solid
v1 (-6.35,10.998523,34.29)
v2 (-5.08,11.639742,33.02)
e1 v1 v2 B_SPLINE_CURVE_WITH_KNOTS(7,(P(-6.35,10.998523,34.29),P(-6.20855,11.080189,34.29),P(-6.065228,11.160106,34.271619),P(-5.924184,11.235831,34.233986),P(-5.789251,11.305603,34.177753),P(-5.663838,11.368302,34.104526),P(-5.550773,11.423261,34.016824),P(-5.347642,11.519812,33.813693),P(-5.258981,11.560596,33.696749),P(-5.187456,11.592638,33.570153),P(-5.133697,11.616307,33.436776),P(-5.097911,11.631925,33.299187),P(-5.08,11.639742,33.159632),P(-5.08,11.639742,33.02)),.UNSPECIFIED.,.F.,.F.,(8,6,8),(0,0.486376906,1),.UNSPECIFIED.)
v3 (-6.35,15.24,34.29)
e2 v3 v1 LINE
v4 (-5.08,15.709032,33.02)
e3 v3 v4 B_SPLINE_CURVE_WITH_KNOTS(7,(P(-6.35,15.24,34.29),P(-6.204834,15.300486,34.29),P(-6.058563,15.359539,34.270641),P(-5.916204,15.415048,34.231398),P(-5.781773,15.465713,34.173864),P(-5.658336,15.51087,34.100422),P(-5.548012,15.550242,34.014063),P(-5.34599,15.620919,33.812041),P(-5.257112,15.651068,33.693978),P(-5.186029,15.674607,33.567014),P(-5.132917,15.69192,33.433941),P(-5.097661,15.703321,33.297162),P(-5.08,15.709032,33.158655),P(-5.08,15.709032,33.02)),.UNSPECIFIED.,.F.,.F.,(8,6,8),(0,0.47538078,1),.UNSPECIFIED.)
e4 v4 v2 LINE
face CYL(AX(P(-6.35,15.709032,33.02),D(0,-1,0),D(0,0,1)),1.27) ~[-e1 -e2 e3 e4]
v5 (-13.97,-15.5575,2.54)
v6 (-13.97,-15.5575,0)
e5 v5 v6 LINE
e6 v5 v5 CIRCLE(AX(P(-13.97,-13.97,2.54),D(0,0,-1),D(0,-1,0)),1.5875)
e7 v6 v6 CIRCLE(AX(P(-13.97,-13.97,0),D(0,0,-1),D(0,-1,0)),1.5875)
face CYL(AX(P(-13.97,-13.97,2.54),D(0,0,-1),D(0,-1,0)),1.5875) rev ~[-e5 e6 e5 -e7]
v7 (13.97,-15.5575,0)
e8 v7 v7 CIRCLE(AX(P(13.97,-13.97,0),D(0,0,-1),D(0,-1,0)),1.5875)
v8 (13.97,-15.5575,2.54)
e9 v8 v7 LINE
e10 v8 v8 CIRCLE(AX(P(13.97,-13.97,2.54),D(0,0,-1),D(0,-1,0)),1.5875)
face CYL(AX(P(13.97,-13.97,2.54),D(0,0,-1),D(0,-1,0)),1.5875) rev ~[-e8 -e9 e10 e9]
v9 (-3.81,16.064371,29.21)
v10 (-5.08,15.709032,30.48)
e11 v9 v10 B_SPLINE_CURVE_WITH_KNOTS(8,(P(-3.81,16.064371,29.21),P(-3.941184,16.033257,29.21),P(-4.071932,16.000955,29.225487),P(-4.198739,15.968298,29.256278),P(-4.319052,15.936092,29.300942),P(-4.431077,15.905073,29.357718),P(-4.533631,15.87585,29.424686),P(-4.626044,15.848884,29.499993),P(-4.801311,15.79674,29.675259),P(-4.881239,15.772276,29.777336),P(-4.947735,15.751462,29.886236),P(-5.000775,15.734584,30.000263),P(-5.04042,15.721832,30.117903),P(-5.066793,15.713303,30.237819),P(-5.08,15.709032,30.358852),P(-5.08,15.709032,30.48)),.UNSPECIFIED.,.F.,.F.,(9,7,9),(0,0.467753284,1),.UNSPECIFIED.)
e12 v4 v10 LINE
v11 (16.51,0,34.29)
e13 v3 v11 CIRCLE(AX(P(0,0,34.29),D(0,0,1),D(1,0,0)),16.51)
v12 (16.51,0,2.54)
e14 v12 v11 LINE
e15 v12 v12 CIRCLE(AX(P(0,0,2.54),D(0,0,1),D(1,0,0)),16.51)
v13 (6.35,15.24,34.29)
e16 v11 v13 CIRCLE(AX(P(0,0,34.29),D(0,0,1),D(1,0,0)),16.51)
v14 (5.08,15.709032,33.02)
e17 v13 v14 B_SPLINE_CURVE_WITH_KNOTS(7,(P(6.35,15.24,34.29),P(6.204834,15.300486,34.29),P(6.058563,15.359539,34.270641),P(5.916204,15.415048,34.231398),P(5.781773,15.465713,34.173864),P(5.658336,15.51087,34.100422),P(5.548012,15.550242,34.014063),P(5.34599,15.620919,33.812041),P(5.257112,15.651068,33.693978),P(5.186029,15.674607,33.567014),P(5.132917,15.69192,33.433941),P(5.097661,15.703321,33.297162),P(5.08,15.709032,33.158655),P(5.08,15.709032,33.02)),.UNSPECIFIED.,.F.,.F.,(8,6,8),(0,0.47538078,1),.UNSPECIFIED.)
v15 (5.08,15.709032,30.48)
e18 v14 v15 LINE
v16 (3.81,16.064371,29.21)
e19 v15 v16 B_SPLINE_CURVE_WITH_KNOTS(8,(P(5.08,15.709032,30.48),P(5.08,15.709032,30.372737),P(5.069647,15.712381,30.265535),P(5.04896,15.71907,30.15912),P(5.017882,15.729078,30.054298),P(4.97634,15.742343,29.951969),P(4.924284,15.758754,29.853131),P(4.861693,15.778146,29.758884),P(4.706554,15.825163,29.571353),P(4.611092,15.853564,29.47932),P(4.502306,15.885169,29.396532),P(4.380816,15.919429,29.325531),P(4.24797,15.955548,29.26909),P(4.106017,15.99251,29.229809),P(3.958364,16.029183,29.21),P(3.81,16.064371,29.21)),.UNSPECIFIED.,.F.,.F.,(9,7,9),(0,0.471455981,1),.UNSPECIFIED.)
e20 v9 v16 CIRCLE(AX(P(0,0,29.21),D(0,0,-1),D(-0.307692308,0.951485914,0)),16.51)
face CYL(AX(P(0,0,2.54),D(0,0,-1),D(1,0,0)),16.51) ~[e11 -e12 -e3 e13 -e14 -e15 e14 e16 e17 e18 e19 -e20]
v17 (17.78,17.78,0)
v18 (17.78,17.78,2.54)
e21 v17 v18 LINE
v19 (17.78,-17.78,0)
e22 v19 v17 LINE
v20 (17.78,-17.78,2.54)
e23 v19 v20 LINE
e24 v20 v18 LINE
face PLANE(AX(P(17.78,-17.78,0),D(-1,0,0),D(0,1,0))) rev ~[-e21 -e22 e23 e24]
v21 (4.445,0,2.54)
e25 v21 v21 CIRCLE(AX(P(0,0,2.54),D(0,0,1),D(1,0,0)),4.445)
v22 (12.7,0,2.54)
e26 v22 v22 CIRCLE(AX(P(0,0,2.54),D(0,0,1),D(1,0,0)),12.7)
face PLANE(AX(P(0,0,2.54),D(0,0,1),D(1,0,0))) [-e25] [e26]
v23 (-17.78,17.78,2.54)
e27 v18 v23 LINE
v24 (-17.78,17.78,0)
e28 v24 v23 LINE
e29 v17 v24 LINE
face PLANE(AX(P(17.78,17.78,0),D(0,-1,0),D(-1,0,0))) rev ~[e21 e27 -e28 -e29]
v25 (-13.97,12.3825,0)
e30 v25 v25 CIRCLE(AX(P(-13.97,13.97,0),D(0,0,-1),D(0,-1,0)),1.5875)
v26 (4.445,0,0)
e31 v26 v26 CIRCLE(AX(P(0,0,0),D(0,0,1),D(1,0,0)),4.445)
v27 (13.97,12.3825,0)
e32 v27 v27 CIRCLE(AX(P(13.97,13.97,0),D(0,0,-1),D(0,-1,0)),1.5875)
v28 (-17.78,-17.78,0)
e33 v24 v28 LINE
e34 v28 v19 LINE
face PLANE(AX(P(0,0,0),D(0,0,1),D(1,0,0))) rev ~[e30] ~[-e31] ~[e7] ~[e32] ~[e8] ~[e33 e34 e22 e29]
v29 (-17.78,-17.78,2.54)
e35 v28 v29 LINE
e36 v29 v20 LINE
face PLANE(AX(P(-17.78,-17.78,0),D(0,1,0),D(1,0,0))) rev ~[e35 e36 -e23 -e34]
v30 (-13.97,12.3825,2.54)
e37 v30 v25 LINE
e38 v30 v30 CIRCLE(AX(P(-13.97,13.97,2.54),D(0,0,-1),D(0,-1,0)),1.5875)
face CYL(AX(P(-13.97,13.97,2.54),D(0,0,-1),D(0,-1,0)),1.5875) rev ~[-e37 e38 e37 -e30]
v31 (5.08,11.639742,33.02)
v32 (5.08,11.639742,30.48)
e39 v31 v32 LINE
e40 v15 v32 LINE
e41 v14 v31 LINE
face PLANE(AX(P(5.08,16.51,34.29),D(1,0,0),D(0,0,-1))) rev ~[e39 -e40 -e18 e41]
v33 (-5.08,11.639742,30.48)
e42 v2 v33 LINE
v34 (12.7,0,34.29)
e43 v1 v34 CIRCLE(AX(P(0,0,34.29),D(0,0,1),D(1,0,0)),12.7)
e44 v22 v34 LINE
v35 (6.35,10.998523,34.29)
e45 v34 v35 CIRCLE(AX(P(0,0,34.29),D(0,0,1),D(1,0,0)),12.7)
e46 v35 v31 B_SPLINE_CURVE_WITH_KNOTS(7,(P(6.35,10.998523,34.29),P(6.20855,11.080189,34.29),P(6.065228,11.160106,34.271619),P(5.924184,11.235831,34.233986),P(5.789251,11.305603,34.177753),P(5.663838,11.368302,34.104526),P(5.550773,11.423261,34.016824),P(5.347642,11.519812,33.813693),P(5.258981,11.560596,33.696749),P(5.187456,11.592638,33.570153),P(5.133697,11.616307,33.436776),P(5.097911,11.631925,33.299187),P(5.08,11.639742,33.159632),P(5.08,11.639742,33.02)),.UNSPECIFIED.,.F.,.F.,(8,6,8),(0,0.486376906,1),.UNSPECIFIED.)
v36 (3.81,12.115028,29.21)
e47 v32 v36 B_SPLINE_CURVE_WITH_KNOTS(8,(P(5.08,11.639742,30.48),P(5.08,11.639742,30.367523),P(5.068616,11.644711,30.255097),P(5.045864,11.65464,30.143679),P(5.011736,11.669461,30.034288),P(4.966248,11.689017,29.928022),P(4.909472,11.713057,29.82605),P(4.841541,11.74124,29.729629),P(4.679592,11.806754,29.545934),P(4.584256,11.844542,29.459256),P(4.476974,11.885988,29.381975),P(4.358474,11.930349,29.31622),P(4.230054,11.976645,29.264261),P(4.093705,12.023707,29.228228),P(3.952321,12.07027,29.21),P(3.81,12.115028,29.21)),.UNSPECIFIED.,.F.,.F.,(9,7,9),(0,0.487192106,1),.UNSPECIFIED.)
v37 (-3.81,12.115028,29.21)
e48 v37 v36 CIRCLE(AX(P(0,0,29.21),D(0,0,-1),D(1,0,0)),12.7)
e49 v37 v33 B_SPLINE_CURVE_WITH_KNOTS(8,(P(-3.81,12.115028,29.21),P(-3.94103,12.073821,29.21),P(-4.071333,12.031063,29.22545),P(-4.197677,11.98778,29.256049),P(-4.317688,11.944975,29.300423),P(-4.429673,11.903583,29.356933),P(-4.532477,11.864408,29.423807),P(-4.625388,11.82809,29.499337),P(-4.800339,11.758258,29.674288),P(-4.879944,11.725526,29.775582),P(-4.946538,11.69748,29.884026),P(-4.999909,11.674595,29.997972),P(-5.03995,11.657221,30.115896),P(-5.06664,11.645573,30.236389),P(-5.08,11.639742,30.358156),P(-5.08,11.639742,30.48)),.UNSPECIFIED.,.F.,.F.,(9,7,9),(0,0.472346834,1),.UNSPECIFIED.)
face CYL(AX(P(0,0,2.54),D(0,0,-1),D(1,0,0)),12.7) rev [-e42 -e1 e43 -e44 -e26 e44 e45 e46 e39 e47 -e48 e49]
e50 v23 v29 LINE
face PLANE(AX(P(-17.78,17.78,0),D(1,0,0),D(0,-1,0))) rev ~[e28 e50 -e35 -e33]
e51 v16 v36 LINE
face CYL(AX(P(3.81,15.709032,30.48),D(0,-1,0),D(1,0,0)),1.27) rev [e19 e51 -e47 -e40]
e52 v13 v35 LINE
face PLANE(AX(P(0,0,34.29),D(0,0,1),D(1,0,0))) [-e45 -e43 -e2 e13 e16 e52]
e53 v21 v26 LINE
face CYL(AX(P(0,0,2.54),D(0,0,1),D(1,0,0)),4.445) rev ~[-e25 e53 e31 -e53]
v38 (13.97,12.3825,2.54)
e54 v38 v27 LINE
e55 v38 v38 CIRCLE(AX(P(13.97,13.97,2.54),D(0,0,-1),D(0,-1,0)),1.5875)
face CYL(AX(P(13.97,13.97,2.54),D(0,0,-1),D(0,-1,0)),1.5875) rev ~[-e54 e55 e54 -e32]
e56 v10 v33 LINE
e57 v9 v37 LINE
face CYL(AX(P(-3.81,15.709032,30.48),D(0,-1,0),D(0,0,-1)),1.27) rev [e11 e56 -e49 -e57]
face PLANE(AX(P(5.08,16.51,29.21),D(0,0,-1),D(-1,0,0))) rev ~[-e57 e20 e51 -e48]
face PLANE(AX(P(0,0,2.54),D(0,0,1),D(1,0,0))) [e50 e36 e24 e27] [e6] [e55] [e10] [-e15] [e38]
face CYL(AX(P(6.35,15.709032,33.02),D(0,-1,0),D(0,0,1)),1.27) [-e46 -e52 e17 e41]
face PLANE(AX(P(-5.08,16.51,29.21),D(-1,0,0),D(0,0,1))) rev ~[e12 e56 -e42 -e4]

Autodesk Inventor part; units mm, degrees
ref_plane "YZ Plane" through (0, 0, 0) normal (1, 0, 0) x (0, 1, 0)
ref_plane "XY Plane" through (0, 0, 0) normal (0, 0, 1) x (1, 0, 0)
sketch "Sketch1" plane through (0, 0, 0) normal (0, 0, 1) x (1, 0, 0)
  line L0 (17.78, 17.78) -> (-17.78, 17.78)
  line L1 (-17.78, 17.78) -> (-17.78, -17.78)
  line L2 (-17.78, -17.78) -> (17.78, -17.78)
  line L3 (17.78, -17.78) -> (17.78, 17.78)
  point P0 (0, 0)
  dimension "d0" = 35.56
  dimension "d1" = 35.56
  dimension "d2" = 17.78
  dimension "d3" = 17.78
extrude "Extrusion1" add sketch "Sketch1" along normal blind 2.54
sketch "Sketch2" plane through (0, 0, 2.54) normal (0, 0, 1) x (1, 0, 0)
  circle A0 centre (0, 0) radius 12.7
  circle A1 centre (0, 0) radius 16.51
  dimension "d6" = 25.4
  dimension "d7" = 3.81
extrude "Extrusion2" add sketch "Sketch2" along normal blind 31.75
sketch "Sketch3" plane through (0, 0, 2.54) normal (0, 0, 1) x (1, 0, 0)
  line L0 (17.78, 17.78) -> (-17.78, 17.78) projected
  line L1 (-17.78, 17.78) -> (-17.78, -17.78) projected
  line L2 (17.78, -17.78) -> (17.78, 17.78) projected
  line L3 (-17.78, -17.78) -> (17.78, -17.78) projected
  point P0 (0, 0)
  point P1 (-13.97, -13.97)
  point P2 (13.97, -13.97)
  point P3 (13.97, 13.97)
  point P4 (-13.97, 13.97)
  dimension "d10" = 3.81
  dimension "d11" = 3.81
  dimension "d12" = 3.81
  dimension "d13" = 3.81
  dimension "d14" = 3.81
  dimension "d15" = 3.81
  dimension "d16" = 3.81
  dimension "d17" = 3.81
hole "Hole1" at (-13.97, -13.97, 2.54) at (13.97, -13.97, 2.54) at (13.97, 13.97, 2.54) at (-13.97, 13.97, 2.54) direction (0, 0, -1) diameter 3.175 depth 3.175 tip angle 118
ref_plane "Work Plane1" through (0, 16.51, 0) normal (0, 1, 0) x (-1, 0, 0)
sketch "Sketch4" plane through (0, 16.51, 0) normal (0, 1, 0) x (-1, 0, 0)
  line L0 (-12.7, 34.29) -> (12.7, 34.29) projected
  line L1 (5.08, 34.29) -> (-5.08, 34.29)
  line L2 (-5.08, 34.29) -> (-5.08, 29.21)
  line L3 (-5.08, 29.21) -> (5.08, 29.21)
  line L4 (5.08, 29.21) -> (5.08, 34.29)
  line L5 (0, -6.858) -> (0, 41.148) projected
  point P0 (0, 0)
  dimension "d26" = 5.08
  dimension "d27" = 10.16
  dimension "d28" = 5.08
extrude "Extrusion3" cut sketch "Sketch4" against normal blind 10.16
sketch "Sketch5" plane through (0, 0, 2.54) normal (0, 0, 1) x (1, 0, 0)
  circle A0 centre (0, 0) radius 4.445
  dimension "d31" = 8.89
extrude "Extrusion4" cut sketch "Sketch5" against normal through all
fillet "Fillet1" radius 1.27 4 edges at (-5.08, 13.6744, 29.21) (-5.08, 13.6744, 34.29) (5.08, 13.6744, 34.29) (5.08, 13.6744, 29.21)
properties part number "000114"
